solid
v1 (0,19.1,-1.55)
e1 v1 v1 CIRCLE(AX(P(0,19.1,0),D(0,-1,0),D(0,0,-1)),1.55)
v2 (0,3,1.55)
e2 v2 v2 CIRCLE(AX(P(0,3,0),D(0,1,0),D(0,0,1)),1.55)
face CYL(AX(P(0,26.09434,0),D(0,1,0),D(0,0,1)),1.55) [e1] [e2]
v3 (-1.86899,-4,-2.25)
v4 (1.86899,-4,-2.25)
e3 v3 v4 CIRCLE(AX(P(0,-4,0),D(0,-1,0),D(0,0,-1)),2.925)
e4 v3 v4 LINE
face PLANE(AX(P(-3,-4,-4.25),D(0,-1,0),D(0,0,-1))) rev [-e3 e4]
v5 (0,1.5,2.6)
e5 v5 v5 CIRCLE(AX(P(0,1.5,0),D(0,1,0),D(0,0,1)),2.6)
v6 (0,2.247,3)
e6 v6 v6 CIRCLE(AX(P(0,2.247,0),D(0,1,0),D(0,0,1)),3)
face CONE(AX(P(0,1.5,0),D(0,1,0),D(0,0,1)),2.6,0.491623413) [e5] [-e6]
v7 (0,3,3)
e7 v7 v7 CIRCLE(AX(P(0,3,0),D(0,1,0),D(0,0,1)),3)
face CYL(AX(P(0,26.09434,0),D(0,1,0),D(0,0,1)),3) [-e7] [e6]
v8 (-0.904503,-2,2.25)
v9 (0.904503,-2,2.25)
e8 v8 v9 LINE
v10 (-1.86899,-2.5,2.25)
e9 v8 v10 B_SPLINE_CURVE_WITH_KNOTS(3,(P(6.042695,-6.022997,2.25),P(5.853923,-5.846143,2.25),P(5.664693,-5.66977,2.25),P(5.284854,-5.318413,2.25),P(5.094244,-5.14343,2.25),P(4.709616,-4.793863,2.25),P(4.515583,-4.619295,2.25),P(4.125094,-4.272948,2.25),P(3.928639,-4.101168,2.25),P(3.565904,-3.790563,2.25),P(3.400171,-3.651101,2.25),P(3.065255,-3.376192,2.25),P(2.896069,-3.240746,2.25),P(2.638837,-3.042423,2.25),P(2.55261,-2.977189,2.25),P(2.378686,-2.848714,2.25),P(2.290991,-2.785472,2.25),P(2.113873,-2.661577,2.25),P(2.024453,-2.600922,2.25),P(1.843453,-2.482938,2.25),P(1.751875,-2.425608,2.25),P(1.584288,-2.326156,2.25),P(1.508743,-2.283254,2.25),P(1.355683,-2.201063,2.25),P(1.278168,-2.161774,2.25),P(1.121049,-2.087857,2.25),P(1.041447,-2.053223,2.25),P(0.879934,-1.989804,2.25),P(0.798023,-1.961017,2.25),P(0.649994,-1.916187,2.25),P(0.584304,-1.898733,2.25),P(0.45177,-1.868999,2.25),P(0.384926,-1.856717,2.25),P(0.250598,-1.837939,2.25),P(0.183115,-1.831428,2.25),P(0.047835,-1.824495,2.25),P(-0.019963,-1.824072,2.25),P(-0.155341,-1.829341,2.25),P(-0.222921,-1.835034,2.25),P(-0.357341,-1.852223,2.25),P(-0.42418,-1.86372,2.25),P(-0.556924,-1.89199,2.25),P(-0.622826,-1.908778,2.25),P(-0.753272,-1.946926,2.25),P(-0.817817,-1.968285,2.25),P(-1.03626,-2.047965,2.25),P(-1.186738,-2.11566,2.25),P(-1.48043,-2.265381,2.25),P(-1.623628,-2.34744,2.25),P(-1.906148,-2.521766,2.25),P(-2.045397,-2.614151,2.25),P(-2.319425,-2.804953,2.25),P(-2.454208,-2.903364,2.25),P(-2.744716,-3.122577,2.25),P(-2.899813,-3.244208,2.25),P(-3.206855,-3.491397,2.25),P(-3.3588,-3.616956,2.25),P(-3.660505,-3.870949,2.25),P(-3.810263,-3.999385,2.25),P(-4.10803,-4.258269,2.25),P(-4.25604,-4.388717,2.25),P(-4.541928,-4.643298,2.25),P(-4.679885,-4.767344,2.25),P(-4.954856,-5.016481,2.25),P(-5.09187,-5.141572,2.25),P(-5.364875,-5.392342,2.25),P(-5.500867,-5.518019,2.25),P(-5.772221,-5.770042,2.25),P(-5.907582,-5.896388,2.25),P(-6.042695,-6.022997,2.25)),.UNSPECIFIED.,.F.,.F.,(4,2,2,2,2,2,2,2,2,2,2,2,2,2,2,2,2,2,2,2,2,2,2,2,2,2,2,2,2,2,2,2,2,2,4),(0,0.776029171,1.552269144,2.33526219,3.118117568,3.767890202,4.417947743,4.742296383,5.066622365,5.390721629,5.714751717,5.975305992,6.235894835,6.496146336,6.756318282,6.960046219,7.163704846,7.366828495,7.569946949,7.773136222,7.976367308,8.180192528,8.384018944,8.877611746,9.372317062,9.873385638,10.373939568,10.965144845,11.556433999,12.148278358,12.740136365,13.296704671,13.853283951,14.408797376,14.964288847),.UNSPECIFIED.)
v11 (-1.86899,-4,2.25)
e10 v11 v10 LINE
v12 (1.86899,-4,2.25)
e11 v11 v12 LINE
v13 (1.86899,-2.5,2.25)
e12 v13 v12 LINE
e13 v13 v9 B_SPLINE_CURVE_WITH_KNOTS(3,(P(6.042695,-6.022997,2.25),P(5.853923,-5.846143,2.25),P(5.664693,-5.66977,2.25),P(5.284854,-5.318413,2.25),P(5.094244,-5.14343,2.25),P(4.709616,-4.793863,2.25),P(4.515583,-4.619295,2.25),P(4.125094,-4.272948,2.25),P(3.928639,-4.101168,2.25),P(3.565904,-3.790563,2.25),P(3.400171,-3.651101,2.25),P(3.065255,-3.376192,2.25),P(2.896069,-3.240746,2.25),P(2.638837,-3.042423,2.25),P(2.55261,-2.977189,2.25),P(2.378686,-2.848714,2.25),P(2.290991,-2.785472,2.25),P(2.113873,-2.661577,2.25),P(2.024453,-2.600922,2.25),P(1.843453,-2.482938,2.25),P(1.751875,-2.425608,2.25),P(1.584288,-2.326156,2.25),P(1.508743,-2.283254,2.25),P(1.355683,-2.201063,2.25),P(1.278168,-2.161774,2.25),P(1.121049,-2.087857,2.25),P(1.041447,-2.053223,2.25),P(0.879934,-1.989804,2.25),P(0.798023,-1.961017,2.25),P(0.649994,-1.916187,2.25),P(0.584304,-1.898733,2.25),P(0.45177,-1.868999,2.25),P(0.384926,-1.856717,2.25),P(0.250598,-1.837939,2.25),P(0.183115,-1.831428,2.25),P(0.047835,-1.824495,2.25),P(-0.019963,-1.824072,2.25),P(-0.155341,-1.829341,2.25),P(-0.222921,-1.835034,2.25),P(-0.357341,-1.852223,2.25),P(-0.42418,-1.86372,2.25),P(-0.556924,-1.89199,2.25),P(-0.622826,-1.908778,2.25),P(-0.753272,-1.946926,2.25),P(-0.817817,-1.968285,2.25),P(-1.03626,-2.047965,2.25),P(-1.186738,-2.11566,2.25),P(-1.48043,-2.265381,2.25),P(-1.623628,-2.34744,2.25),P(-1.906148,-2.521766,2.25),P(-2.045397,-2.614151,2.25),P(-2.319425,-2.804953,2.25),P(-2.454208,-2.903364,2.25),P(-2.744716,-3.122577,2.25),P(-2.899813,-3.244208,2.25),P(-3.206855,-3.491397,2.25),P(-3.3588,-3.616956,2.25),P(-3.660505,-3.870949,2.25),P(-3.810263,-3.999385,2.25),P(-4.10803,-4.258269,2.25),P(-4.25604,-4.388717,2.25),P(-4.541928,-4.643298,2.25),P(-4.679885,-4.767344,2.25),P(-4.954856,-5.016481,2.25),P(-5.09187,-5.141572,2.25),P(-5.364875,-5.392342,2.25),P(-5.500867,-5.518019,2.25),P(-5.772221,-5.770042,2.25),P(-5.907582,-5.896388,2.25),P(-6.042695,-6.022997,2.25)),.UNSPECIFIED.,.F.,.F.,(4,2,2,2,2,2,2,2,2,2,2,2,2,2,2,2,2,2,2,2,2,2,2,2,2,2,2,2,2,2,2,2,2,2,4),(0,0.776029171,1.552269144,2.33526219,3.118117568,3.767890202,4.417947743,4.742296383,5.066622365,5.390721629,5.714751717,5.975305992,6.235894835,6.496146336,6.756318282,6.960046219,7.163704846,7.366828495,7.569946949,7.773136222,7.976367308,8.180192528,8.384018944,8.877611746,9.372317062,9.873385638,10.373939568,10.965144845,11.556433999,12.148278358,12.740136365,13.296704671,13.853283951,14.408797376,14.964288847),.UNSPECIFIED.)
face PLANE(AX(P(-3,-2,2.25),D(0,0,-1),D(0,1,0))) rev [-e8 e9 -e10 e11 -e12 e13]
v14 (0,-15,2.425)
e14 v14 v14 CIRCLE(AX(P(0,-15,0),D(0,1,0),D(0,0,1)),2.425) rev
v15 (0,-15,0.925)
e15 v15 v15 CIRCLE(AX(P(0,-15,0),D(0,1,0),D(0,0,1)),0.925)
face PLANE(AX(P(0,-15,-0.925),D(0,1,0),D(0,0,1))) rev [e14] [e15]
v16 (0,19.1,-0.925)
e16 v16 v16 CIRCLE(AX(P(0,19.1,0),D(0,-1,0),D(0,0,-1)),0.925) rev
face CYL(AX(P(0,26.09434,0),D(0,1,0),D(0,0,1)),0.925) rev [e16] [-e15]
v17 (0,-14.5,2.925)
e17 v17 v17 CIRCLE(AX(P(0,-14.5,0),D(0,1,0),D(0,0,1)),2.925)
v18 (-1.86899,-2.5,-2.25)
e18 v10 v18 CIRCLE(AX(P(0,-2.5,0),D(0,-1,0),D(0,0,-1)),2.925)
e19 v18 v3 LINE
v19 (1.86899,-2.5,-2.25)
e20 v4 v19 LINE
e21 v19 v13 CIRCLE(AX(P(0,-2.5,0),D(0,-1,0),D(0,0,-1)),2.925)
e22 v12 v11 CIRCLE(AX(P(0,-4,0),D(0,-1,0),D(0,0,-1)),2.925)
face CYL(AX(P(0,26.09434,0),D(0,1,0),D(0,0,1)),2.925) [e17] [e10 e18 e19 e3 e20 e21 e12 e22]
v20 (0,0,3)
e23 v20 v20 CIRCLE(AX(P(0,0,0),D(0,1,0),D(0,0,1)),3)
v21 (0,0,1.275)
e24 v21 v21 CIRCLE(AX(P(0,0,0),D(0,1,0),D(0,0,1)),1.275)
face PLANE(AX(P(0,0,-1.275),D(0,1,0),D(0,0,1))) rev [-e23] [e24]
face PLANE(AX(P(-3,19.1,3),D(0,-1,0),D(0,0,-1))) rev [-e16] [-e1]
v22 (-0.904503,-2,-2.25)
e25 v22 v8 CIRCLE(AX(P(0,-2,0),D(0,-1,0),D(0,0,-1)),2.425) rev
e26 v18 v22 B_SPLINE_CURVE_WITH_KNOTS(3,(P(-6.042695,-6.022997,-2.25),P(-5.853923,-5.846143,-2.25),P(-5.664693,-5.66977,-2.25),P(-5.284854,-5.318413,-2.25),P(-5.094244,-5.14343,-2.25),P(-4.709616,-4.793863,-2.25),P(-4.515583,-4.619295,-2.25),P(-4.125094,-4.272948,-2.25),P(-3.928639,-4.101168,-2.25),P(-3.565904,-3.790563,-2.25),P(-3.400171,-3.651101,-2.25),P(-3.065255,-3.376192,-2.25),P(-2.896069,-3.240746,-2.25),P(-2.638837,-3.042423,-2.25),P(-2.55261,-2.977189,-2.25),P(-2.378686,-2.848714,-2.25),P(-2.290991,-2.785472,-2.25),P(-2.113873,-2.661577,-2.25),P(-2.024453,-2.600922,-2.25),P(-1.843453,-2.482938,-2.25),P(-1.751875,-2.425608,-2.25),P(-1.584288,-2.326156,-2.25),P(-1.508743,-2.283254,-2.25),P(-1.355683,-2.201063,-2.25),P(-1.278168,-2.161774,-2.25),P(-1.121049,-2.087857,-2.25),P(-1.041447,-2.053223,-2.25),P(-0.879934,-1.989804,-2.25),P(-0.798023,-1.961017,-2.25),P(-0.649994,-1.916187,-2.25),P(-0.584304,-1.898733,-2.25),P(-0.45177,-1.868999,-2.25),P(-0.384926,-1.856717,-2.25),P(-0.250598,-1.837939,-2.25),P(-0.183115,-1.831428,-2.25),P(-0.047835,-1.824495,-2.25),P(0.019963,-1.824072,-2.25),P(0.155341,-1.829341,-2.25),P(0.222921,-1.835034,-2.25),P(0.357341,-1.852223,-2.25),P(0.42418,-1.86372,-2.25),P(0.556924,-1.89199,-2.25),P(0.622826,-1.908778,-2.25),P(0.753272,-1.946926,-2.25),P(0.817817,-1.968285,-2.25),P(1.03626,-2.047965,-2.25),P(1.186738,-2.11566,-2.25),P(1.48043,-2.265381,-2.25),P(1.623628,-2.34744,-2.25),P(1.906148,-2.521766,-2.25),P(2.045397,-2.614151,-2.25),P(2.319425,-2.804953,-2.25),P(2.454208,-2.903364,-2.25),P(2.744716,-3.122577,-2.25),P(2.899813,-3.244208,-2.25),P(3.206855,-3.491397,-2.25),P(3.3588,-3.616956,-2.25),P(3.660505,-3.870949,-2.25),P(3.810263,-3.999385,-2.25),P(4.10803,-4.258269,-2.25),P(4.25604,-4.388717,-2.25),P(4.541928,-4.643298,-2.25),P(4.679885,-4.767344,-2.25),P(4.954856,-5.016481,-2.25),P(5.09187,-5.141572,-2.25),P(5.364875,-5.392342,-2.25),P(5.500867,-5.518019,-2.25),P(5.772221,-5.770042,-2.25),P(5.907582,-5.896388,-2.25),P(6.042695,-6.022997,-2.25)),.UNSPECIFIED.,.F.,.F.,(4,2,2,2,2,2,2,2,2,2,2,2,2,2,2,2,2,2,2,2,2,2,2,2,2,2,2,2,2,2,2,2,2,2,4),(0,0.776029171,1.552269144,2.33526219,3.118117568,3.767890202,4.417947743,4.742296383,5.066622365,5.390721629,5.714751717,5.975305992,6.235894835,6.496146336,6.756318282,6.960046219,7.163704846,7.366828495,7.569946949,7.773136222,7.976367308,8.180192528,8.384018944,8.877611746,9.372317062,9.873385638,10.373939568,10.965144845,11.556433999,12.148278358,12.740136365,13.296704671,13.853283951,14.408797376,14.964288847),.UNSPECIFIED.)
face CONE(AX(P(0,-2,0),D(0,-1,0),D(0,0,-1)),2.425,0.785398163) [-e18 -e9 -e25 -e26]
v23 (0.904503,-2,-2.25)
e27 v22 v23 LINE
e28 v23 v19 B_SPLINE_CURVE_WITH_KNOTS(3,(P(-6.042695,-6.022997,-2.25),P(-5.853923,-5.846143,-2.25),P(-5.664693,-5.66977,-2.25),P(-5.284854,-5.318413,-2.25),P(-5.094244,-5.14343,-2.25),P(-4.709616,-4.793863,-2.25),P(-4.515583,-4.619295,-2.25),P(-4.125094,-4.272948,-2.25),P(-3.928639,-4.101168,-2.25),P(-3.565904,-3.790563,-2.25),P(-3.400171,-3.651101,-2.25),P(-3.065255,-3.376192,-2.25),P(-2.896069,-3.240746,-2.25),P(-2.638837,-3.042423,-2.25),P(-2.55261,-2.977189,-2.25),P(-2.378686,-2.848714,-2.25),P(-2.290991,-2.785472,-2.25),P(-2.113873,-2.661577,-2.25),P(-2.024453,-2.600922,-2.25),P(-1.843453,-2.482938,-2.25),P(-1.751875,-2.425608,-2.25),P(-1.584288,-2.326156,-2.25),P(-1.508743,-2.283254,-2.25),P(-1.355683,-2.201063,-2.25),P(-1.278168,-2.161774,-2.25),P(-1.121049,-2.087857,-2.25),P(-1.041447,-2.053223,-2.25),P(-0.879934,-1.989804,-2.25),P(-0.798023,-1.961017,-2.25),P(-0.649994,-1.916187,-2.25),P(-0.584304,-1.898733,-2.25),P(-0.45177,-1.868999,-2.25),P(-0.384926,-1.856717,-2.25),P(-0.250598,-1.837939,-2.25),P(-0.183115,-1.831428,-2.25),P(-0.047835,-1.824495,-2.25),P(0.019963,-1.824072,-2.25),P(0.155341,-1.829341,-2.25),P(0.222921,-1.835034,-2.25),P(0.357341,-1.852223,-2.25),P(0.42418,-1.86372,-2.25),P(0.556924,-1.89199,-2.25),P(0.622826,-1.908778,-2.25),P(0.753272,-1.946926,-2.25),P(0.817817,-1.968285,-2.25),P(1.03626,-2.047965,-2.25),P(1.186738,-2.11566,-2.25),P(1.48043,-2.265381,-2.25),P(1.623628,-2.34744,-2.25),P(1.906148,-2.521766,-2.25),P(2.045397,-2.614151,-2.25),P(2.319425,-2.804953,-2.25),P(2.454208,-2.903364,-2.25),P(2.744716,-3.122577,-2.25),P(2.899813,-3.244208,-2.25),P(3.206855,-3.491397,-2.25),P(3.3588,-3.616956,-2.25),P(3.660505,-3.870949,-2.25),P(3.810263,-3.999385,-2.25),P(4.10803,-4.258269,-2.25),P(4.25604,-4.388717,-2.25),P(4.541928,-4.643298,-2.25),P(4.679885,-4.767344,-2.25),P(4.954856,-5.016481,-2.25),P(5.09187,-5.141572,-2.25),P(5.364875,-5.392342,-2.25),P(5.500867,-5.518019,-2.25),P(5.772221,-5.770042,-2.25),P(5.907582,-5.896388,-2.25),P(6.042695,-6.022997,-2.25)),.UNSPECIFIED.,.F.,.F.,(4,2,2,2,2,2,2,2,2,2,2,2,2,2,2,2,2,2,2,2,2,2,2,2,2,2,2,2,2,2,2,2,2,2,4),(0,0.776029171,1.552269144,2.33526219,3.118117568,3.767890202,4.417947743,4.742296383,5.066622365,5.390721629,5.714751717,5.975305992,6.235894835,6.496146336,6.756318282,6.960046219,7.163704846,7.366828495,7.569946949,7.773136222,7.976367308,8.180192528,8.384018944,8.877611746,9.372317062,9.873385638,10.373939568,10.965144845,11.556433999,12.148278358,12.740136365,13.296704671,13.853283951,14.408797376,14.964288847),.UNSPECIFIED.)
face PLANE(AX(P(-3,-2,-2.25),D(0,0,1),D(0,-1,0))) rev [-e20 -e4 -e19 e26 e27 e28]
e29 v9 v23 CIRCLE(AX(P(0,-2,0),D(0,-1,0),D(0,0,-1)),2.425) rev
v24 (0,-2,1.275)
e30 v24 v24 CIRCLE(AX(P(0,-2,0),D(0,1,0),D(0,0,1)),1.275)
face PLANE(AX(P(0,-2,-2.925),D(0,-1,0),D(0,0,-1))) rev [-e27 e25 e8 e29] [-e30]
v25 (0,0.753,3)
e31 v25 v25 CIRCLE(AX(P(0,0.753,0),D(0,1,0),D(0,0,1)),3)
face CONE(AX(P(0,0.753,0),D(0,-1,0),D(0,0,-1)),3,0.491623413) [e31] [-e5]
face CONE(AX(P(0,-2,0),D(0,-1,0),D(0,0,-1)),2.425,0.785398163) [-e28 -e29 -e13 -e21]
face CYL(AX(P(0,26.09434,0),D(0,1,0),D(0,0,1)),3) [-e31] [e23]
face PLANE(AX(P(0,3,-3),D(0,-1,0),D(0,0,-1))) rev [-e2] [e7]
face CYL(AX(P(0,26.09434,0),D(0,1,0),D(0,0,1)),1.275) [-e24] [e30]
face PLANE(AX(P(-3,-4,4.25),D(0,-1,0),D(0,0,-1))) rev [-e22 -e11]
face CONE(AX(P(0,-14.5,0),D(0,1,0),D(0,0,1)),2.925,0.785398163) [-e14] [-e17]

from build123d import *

# Parameters (mm, degrees)
CHAMFER1_SIZE      = 0.5
SKETCH2_W          = 2
SKETCH2_H          = 2
CUT_EXTRUDE1_DEPTH = 3
SKETCH3_W          = 6
SKETCH3_H          = 5
CUT_EXTRUDE2_DEPTH = 3


with BuildPart() as part:
    # Sketch1 → Revolve1 (revolve)
    with BuildSketch(Plane(origin=(0, 0, 0), x_dir=(0, 0, -1), z_dir=(1, 0, 0)), mode=Mode.PRIVATE) as revolve1_sk:
        Polygon((0.925, 24.1), (0.925, -15), (2.925, -15), (2.925, -2), (1.275, -2), (1.275, 0), (3, 0), (3, 0.753), (2.6, 1.5), (3, 2.247), (3, 3), (1.55, 3), (1.55, 24.1), align=None)
    revolve(revolve1_sk.sketch.rotate(Axis((0, 26.094339623, 0), (0, -1, 0)), 180), axis=Axis((0, 26.094339623, 0), (0, -1, 0)))

    # Chamfer1
    chamfer1_edges = [part.edges().sort_by_distance(p)[0] for p in [
        (0, -2, -2.925),
        (0, -15, -2.925),
    ]]
    chamfer(chamfer1_edges, length=CHAMFER1_SIZE)

    # Sketch2 → Cut-Extrude1 (cut, symmetric)
    with BuildSketch(Plane(origin=(0, 0, 0), x_dir=(0, 0, -1), z_dir=(1, 0, 0))):
        with Locations((-3.25, -3)):
            Rectangle(SKETCH2_W, SKETCH2_H)
        with Locations((3.25, -3)):
            Rectangle(SKETCH2_W, SKETCH2_H)
    extrude(amount=CUT_EXTRUDE1_DEPTH, both=True, mode=Mode.SUBTRACT)

    # Sketch3 → Cut-Extrude2 (cut, symmetric)
    with BuildSketch(Plane(origin=(0, 0, 0), x_dir=(0, 0, -1), z_dir=(1, 0, 0))):
        with Locations((0, 21.6)):
            Rectangle(SKETCH3_W, SKETCH3_H)
    extrude(amount=CUT_EXTRUDE2_DEPTH, both=True, mode=Mode.SUBTRACT)


solid = part.part
